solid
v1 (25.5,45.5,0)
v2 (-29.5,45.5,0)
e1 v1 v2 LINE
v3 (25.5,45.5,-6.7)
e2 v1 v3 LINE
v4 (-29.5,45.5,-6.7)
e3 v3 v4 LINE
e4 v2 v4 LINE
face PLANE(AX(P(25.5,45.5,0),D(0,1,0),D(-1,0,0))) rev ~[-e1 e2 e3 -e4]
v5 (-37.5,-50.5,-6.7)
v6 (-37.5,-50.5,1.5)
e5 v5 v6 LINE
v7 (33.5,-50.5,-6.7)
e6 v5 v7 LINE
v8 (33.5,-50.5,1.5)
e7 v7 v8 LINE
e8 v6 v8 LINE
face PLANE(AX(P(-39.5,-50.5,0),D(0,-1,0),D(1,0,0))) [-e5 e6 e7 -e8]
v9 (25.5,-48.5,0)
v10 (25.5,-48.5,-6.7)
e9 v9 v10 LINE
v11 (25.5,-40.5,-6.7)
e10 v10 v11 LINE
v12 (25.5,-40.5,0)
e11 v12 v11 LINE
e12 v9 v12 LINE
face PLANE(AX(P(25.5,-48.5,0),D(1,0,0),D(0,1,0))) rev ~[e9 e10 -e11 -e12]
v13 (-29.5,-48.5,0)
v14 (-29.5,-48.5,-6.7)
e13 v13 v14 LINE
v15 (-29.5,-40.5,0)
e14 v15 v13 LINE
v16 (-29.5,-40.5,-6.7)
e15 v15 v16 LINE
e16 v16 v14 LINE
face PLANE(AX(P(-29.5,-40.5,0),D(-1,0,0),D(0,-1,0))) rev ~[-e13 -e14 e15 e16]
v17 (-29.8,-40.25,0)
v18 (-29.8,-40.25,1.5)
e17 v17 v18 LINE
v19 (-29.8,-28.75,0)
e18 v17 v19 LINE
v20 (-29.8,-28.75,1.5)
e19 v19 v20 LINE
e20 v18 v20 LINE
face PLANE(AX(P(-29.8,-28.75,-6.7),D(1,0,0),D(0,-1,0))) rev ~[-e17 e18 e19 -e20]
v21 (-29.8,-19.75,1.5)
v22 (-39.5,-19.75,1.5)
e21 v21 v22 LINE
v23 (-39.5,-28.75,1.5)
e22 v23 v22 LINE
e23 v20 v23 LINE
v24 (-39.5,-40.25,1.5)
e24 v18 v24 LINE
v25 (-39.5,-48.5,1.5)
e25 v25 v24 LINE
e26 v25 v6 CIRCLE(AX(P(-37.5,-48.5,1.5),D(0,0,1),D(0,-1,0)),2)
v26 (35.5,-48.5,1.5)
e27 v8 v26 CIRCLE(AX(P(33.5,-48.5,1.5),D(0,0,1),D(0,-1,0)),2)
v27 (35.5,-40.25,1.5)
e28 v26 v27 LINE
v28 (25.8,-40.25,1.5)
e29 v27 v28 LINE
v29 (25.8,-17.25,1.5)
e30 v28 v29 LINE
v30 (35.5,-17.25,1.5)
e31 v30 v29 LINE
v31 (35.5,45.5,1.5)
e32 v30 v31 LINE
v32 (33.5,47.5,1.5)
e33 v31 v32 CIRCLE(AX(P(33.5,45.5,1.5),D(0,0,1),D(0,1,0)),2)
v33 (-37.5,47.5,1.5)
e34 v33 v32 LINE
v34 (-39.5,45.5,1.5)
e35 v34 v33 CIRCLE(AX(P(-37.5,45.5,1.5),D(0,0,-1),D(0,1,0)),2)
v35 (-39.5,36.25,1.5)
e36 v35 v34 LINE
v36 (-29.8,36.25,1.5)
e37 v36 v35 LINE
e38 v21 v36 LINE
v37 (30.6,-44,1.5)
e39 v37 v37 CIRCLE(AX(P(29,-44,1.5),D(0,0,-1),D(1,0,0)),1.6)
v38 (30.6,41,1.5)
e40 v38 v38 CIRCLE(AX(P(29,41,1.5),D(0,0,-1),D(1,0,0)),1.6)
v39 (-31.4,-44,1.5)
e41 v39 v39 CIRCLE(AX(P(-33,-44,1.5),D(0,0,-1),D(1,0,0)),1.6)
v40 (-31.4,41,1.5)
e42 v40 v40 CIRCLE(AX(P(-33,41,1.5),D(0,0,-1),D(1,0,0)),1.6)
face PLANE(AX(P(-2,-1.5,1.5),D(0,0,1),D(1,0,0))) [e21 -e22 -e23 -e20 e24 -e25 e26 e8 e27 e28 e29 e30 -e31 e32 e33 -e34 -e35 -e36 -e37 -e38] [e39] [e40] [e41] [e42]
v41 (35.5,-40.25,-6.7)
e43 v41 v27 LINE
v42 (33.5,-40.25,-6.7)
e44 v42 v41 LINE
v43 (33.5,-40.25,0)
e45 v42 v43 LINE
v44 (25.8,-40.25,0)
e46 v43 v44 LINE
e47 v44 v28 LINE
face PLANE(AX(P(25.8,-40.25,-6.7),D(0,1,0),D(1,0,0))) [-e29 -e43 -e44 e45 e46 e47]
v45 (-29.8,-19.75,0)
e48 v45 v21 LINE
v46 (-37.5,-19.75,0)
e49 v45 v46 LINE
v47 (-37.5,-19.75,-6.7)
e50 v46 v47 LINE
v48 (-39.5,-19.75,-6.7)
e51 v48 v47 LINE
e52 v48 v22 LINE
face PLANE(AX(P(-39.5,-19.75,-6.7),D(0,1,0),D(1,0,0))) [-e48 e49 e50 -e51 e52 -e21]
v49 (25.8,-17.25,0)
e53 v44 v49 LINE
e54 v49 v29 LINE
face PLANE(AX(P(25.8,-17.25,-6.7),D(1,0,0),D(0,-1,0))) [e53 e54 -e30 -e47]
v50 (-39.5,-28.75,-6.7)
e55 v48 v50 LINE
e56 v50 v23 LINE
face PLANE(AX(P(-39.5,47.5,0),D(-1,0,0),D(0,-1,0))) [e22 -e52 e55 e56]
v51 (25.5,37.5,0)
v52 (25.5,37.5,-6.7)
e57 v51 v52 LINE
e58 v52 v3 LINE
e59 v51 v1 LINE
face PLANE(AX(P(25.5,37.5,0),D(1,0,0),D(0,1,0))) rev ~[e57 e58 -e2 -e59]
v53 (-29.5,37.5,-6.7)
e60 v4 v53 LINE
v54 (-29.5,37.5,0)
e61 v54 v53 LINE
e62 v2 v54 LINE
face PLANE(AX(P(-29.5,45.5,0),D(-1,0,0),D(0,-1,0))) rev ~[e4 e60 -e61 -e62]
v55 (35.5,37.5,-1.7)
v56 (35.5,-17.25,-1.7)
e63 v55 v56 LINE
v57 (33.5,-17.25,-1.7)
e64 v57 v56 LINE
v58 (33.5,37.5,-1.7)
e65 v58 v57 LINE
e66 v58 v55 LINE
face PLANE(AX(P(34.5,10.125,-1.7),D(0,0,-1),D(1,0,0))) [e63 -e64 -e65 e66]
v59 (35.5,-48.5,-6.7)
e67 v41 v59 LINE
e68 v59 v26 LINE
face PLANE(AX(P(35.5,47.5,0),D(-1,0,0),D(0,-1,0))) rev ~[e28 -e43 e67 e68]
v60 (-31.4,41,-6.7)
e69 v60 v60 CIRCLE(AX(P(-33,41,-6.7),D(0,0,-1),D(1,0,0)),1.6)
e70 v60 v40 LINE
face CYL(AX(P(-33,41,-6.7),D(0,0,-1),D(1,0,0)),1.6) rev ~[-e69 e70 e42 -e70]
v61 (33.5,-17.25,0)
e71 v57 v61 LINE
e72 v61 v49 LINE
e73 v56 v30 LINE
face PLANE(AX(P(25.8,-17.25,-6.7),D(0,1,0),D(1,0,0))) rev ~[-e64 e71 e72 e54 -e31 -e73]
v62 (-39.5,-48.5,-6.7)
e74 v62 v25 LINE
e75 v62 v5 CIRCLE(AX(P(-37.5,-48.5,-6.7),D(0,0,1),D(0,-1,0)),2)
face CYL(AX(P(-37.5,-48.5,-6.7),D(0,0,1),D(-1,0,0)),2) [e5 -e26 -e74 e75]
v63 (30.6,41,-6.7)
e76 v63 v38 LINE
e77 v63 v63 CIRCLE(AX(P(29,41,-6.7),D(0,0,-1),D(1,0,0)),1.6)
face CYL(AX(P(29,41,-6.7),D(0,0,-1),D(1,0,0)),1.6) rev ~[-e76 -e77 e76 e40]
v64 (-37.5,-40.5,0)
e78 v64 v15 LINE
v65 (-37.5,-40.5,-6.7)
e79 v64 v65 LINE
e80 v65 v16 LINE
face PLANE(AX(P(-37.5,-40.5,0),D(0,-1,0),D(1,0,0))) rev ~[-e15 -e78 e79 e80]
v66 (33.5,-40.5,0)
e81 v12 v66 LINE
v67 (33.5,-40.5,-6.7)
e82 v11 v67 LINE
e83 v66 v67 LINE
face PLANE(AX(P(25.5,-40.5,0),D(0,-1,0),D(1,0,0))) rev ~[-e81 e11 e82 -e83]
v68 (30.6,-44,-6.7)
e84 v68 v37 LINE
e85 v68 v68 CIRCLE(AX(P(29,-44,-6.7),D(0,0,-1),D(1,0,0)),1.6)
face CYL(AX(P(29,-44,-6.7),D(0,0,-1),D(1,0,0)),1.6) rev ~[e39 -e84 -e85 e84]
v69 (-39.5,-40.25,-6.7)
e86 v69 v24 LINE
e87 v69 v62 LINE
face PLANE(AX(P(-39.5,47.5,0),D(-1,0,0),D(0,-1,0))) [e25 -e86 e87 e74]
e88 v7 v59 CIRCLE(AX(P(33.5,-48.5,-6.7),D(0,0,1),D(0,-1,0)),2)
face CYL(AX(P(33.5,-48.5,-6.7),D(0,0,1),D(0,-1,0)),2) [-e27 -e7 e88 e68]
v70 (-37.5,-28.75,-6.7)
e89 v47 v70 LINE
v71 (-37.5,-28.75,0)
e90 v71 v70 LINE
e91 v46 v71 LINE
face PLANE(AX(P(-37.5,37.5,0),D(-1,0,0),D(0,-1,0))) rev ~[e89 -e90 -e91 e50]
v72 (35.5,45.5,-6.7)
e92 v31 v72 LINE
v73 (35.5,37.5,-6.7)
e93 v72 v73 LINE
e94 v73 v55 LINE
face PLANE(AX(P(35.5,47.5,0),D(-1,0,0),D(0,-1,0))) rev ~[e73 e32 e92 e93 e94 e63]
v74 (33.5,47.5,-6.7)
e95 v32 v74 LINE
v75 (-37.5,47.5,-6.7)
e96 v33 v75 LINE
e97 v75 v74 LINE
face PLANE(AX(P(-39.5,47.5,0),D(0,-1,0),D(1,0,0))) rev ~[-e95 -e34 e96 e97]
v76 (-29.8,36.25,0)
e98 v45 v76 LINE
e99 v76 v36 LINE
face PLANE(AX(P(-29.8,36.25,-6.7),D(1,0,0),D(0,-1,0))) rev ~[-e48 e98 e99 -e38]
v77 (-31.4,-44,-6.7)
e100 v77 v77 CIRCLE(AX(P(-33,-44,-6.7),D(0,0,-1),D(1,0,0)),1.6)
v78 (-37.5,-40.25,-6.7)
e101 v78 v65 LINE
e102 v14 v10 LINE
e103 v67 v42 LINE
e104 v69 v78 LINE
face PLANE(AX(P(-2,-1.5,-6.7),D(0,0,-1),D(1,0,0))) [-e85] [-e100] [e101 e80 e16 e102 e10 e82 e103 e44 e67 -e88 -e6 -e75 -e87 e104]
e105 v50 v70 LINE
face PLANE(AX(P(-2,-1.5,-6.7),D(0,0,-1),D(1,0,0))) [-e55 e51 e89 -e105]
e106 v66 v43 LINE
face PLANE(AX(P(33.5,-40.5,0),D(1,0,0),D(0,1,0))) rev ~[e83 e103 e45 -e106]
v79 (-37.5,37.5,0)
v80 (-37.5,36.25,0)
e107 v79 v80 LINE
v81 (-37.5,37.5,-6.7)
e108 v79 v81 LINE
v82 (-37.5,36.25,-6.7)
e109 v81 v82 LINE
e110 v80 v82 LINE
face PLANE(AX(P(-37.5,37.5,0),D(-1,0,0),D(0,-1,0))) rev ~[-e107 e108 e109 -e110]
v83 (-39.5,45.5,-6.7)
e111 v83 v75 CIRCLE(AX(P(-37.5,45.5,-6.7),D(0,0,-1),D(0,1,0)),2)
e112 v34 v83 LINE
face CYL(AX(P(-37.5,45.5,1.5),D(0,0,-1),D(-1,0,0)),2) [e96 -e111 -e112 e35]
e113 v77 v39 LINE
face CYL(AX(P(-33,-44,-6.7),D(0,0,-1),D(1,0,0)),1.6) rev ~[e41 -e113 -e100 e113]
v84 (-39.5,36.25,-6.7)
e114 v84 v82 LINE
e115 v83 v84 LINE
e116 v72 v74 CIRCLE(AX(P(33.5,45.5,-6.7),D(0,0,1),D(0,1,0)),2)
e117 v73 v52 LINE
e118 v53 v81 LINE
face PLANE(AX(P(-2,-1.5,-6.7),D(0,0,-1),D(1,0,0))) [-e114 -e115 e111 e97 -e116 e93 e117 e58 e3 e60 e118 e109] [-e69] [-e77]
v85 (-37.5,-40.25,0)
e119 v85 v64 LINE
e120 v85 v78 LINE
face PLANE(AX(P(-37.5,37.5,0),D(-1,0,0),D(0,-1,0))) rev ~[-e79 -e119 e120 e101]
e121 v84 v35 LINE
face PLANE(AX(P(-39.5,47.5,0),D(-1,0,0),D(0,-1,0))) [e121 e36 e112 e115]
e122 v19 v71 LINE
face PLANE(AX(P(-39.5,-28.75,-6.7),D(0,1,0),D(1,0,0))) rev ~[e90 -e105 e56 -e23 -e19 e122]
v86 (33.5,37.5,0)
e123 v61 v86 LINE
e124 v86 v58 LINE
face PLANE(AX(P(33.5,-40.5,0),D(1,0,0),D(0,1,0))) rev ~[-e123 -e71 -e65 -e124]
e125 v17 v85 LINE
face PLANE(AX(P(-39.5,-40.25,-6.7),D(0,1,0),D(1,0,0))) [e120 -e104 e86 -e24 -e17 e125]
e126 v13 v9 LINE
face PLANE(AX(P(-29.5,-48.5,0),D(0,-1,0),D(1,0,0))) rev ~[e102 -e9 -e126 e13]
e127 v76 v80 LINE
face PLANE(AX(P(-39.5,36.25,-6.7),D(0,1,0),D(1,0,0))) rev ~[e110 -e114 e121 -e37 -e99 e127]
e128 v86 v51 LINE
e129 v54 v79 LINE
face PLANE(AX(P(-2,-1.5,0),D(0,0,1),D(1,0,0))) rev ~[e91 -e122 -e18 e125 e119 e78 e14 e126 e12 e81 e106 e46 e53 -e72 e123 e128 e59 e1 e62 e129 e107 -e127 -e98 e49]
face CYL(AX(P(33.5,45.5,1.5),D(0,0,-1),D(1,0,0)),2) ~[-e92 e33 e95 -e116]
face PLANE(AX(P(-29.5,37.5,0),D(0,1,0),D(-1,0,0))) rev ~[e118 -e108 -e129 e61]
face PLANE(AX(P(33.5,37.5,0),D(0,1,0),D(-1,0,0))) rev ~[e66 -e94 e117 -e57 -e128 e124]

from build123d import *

# Parameters (mm, degrees)
F1_W      = 75
F1_H      = 98
F2_DEPTH  = 1.5
F3_W      = 75
F3_H      = 98
F4_DEPTH  = 6.7
F5_W      = 9.7
F5_H      = 56
F5_H_2    = 11.5
F5_H_3    = 23
F6_DEPTH  = 25
F7_R      = 1.6
F8_R      = 1.6
F9_DEPTH  = 25
F10_W     = 2
F10_H     = 54.75
F11_DEPTH = 5
F12_R     = 2


with BuildPart() as f2:
    # F1 (on Top) → F2 (new body)
    with BuildSketch(Plane.XY):
        with Locations((-2, -1.5)):
            Rectangle(F1_W, F1_H)
    extrude(amount=F2_DEPTH)

    # F3 (on face) → F4 (join)
    with BuildSketch(Plane(origin=(0, 0, 0), x_dir=(1, 0, 0), z_dir=(0, 0, -1))):
        with Locations((-2, 1.5)):
            Rectangle(F3_W, F3_H)
        Polygon((25.5, -37.5), (25.5, -45.5), (-29.5, -45.5), (-29.5, -37.5), (-37.5, -37.5), (-37.5, 40.5), (-29.5, 40.5), (-29.5, 48.5), (25.5, 48.5), (25.5, 40.5), (33.5, 40.5), (33.5, -37.5), align=None, mode=Mode.SUBTRACT)
    extrude(amount=F4_DEPTH)

    # F5 (on face) → F6 (cut)
    with BuildSketch(Plane(origin=(0, 0, -6.7), x_dir=(1, 0, 0), z_dir=(0, 0, -1))):
        with Locations((-34.65, -8.25)):
            Rectangle(F5_W, F5_H)
        with Locations((-34.65, 34.5)):
            Rectangle(F5_W, F5_H_2)
        with Locations((30.65, 28.75)):
            Rectangle(F5_W, F5_H_3)
    extrude(amount=-F6_DEPTH, mode=Mode.SUBTRACT)

    # F7 (on face) + F8 (on face) → F9 (cut)
    with BuildSketch(Plane(origin=(0, 0, -6.7), x_dir=(1, 0, 0), z_dir=(0, 0, -1))):
        with Locations((29, -41)):
            Circle(F7_R)
        with Locations((-33, -41)):
            Circle(F7_R)
    with BuildSketch(Plane(origin=(0, 0, -6.7), x_dir=(1, 0, 0), z_dir=(0, 0, -1))):
        with Locations((-33, 44)):
            Circle(F8_R)
        with Locations((29, 44)):
            Circle(F8_R)
    extrude(amount=-F9_DEPTH, mode=Mode.SUBTRACT)

    # F10 (on face) → F11 (cut)
    with BuildSketch(Plane(origin=(0, 0, -6.7), x_dir=(1, 0, 0), z_dir=(0, 0, -1))):
        with Locations((34.5, -10.125)):
            Rectangle(F10_W, F10_H)
    extrude(amount=-F11_DEPTH, mode=Mode.SUBTRACT)

    # F12
    f12_edges = [f2.edges().sort_by_distance(p)[0] for p in [
        (-39.5, 47.5, -2.6),
        (35.5, 47.5, -2.6),
        (-39.5, -50.5, -2.6),
        (35.5, -50.5, -2.6),
    ]]
    fillet(f12_edges, radius=F12_R)


solid = f2.part
